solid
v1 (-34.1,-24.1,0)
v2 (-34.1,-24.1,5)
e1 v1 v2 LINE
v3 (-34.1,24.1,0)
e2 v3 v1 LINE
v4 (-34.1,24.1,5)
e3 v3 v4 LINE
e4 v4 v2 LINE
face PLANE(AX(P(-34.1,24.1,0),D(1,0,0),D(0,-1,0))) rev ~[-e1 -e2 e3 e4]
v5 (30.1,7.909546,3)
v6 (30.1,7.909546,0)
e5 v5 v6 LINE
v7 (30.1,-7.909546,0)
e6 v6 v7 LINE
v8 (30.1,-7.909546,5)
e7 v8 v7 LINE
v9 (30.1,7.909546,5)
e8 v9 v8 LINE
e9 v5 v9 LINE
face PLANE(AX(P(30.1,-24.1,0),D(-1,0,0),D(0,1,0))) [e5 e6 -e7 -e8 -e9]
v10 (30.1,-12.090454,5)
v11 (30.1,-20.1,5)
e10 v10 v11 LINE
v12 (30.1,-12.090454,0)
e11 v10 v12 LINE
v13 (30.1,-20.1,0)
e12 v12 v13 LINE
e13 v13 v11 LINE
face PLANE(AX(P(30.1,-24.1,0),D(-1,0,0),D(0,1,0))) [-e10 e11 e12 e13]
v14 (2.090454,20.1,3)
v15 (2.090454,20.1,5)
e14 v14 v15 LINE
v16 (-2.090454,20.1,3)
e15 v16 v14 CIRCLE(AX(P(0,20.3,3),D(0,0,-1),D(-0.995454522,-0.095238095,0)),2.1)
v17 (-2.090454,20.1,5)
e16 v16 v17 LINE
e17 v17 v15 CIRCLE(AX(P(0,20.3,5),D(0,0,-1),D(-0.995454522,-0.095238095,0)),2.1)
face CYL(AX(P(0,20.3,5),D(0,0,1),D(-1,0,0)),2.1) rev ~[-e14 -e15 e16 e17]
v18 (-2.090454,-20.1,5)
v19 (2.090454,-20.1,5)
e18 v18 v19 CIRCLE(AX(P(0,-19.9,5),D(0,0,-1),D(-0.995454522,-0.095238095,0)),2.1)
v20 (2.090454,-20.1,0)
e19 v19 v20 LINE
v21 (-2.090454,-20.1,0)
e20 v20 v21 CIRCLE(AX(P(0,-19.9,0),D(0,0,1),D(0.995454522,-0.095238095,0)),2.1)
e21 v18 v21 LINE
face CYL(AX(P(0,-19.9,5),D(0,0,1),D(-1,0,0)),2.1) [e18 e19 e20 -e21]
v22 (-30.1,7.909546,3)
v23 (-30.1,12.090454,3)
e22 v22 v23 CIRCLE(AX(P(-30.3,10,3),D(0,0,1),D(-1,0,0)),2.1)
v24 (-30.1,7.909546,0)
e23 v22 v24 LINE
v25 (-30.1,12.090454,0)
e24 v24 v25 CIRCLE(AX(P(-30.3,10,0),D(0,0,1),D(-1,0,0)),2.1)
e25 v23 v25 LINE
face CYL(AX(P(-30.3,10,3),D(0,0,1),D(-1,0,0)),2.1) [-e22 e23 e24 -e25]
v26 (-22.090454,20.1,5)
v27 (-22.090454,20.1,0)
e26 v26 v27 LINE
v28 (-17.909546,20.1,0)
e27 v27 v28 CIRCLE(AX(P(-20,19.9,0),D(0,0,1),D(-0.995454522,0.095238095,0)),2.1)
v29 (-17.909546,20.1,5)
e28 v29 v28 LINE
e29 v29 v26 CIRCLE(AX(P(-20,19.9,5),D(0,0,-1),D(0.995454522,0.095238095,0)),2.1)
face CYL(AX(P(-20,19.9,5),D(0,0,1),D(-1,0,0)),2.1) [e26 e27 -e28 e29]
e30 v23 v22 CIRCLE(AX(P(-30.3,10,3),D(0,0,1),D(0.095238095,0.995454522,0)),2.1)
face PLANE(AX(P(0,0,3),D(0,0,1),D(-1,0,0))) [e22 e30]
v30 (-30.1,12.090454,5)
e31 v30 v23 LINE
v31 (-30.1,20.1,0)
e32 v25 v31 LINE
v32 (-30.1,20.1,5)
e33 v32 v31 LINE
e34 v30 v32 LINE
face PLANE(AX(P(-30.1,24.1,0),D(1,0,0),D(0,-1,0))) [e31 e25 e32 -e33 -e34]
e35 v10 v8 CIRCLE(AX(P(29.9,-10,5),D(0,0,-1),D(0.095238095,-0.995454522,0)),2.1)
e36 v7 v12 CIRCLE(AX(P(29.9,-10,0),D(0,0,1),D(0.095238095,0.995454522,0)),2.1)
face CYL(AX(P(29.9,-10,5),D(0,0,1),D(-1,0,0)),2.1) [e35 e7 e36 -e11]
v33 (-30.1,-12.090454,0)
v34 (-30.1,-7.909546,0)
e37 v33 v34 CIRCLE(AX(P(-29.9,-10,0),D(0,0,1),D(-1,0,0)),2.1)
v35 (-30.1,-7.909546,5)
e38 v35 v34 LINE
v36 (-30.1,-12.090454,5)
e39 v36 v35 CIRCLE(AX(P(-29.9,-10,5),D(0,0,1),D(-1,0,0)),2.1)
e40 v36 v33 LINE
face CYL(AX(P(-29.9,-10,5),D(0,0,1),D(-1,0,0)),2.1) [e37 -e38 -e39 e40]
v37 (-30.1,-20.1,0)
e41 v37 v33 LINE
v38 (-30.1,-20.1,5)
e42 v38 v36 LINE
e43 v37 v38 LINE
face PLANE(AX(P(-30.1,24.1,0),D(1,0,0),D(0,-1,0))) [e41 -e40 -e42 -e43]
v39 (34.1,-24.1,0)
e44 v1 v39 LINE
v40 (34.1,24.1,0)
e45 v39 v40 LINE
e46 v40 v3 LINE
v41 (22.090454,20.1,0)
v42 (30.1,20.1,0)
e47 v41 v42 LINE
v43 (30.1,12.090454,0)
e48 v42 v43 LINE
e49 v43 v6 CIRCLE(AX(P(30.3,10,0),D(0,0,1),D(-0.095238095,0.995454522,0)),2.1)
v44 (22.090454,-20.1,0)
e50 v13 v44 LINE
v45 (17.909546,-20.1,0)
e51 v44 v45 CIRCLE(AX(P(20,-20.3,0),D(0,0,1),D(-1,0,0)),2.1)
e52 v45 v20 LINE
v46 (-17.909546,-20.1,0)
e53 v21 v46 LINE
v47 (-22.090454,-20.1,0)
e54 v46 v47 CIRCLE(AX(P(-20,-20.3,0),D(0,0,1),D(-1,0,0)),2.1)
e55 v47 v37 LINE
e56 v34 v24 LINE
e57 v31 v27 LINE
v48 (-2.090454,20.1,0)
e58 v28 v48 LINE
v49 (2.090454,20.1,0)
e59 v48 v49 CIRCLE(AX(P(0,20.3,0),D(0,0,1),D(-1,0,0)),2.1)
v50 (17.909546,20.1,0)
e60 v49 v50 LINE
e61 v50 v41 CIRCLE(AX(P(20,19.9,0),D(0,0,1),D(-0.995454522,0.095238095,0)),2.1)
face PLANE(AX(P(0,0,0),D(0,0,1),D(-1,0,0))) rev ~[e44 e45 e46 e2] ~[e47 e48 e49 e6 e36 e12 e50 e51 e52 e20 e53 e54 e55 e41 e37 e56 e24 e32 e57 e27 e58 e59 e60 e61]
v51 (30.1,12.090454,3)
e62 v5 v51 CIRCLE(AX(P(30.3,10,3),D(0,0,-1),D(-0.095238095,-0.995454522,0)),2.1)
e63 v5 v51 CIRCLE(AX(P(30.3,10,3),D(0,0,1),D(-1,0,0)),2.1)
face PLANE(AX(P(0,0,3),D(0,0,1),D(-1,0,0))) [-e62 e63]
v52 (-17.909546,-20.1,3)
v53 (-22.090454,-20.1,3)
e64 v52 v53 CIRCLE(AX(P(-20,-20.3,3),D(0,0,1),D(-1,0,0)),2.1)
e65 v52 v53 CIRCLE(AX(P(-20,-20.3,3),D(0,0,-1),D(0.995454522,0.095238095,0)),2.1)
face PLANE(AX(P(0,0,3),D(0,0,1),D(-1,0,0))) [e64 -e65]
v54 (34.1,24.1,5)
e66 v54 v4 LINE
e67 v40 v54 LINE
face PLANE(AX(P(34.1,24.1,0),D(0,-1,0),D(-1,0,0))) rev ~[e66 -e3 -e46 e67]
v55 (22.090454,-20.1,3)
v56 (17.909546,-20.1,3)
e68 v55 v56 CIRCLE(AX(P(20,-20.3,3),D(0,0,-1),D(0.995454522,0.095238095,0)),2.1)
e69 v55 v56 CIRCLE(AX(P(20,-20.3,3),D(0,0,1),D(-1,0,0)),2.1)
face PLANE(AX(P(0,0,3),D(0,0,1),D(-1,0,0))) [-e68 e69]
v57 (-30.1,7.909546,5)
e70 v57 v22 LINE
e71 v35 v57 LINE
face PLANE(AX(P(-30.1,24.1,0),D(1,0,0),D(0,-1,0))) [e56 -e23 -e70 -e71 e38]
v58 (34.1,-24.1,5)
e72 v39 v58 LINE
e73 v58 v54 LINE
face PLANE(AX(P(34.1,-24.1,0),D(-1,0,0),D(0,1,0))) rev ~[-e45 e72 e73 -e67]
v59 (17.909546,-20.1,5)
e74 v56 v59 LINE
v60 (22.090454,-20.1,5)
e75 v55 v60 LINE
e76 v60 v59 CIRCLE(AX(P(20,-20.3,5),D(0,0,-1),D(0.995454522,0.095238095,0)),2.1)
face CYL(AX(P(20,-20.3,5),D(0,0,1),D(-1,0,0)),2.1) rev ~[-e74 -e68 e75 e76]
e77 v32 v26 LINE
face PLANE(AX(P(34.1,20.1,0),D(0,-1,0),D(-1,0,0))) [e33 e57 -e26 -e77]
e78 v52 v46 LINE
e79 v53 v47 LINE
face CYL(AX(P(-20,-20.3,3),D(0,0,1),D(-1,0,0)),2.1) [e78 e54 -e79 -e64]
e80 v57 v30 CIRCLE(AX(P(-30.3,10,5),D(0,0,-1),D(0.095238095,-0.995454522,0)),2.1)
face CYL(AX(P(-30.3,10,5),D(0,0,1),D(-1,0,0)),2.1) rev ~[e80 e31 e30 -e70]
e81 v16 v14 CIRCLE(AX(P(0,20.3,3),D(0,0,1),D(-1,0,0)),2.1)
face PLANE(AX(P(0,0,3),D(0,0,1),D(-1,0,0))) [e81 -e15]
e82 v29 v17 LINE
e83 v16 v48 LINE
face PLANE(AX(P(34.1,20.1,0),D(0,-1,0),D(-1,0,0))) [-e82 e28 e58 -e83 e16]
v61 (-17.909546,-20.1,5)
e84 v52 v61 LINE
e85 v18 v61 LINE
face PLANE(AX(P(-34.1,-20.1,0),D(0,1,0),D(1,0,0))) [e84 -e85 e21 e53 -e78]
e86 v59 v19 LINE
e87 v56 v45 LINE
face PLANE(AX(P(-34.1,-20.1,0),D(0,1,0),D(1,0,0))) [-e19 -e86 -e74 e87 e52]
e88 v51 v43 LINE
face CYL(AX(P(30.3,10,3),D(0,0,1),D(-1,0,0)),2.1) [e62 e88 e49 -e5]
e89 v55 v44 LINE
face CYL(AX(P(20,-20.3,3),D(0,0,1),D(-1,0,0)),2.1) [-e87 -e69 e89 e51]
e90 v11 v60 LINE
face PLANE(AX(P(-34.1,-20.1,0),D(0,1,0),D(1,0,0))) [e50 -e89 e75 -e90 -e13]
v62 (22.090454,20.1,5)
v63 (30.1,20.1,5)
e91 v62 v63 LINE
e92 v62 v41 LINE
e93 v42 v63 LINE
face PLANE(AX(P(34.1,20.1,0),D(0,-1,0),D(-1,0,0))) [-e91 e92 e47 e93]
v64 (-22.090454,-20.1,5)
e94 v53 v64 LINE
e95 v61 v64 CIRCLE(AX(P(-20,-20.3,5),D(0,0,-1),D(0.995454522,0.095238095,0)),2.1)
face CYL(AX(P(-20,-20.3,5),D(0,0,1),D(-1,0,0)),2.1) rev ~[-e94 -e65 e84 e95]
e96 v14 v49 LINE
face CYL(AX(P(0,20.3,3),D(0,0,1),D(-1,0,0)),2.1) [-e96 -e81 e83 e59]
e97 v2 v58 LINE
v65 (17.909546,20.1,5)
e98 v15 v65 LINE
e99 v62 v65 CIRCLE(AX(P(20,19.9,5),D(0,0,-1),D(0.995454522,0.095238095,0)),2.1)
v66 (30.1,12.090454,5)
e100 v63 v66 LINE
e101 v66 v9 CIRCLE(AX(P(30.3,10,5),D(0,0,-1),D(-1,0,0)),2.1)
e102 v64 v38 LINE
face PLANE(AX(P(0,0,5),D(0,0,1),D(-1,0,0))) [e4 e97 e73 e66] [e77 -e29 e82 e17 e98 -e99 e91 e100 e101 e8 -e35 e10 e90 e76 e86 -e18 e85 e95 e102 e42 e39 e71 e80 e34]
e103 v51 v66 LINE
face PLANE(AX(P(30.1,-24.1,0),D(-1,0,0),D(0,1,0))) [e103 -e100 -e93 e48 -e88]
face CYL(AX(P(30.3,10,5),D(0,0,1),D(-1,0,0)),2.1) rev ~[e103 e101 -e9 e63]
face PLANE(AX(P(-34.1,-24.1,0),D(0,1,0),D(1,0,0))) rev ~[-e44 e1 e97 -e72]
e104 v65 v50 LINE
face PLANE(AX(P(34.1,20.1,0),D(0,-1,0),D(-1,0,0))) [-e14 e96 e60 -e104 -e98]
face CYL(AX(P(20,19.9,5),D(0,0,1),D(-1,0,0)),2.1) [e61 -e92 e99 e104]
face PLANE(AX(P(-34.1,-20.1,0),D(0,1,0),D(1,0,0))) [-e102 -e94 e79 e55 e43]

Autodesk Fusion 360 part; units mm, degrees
sketch "Sketch2" plane through (0, 0, 0) normal (0, 0, 1) x (-1, 0, 0)
  line L0 (-34, 24) -> (-34, -24)
  line L1 (-34, -24) -> (34, -24)
  line L2 (34, -24) -> (34, 24)
  line L3 (34, 24) -> (-34, 24)
  line L4 (34.1, 24.1) -> (-34.1, 24.1)
  line L5 (-34.1, 24.1) -> (-34.1, -24.1)
  line L6 (-34.1, -24.1) -> (34.1, -24.1)
  line L7 (34.1, -24.1) -> (34.1, 24.1)
  line L8 (34.1, 24.1) -> (-34.1, -24.1) construction
  line L9 (-34.1, 24.1) -> (34.1, -24.1) construction
  dimension "d5" = 68.2
  dimension "d6" = 48.2
extrude "Extrude2" add sketch "Sketch2" along normal blind 5 contours L0 L1 L2 L3 | L4 L5 L6 L7
shell "Shell1" thickness 4 removed faces 2 at (11.3667, 8.0333, 0) at (11.3667, 8.0333, 5)
sketch "pillar sketch" plane through (0, 0, 5) normal (0, 0, 1) x (-1, 0, 0)
  line L0 (30.1, -20.1) -> (-30.1, -20.1)
  line L1 (-30.1, -20.1) -> (-30.1, 20.1)
  line L2 (-30.1, 20.1) -> (30.1, 20.1)
  line L3 (30.1, 20.1) -> (30.1, -20.1)
  line L4 (34.1, -24.1) -> (34.1, 24.1)
  line L5 (34.1, 24.1) -> (-34.1, 24.1)
  line L6 (-34.1, 24.1) -> (-34.1, -24.1)
  line L7 (-34.1, -24.1) -> (34.1, -24.1)
  circle A0 centre (0, 19.9) radius 2.1
  circle A1 centre (29.9, 10) radius 2.1
  circle A2 centre (-29.9, 10) radius 2.1
  circle A3 centre (20, -19.9) radius 2.1
  circle A4 centre (-20, -19.9) radius 2.1
  dimension "d11" = 4.2
  dimension "d15" = 4.2
  dimension "d18" = 4.2
  dimension "d23" = 0.2
  dimension "d24" = 0.2
  dimension "d25" = 0.2
  dimension "d27" = 4.2
  dimension "d28" = 0.2
  dimension "d29" = 10.1
  dimension "d30" = 10.1
  dimension "d31" = 10.1
  dimension "d32" = 4.2
  dimension "d33" = 0.2
  dimension "d34" = 10.1
extrude "Extrude3" add sketch "pillar sketch" against normal blind 5 contours L0 A3 | L3 A1 | L0 A4 | L2 A0 | L1 A2 picked at (20.5146, -19.3943) picked at (29.3788, 9.752) picked at (-19.3838, -19.1714) picked at (0.6581, 19.0774) picked at (-29.3932, 10.2832)
sketch "hollow sketch A" plane through (0, 0, 5) normal (0, 0, 1) x (-1, 0, 0)
  line L0 (30.1, -20.1) -> (22.0905, -20.1)
  arc A0 (22.0905, -20.1) -> (17.9095, -20.1) centre (20, -19.9) ccw
  line L1 (17.9095, -20.1) -> (-17.9095, -20.1)
  arc A1 (-17.9095, -20.1) -> (-22.0905, -20.1) centre (-20, -19.9) ccw
  line L2 (-22.0905, -20.1) -> (-30.1, -20.1)
  line L3 (-30.1, -20.1) -> (-30.1, 7.9095)
  arc A2 (-30.1, 7.9095) -> (-30.1, 12.0905) centre (-29.9, 10) ccw
  line L4 (-30.1, 12.0905) -> (-30.1, 20.1)
  line L5 (-30.1, 20.1) -> (-2.0905, 20.1)
  arc A3 (-2.0905, 20.1) -> (2.0905, 20.1) centre (0, 19.9) ccw
  line L6 (2.0905, 20.1) -> (30.1, 20.1)
  line L7 (30.1, 20.1) -> (30.1, 12.0905)
  arc A4 (30.1, 12.0905) -> (30.1, 7.9095) centre (29.9, 10) ccw
  line L8 (30.1, 7.9095) -> (30.1, -20.1)
  line L9 (34.1, -24.1) -> (34.1, 24.1)
  line L10 (34.1, 24.1) -> (-34.1, 24.1)
  line L11 (-34.1, 24.1) -> (-34.1, -24.1)
  line L12 (-34.1, -24.1) -> (34.1, -24.1)
  circle A5 centre (20, 20.3) radius 2.1
  circle A6 centre (30.3, -10) radius 2.1
  circle A7 centre (-30.3, -10) radius 2.1
  circle A8 centre (0, -20.3) radius 2.1
  circle A9 centre (-20, 20.3) radius 2.1
  dimension "d37" = 4.2
  dimension "d38" = 4.2
  dimension "d39" = 4.2
  dimension "d40" = 4.2
  dimension "d41" = 4.2
  dimension "d42" = 0.2
  dimension "d44" = 0.2
  dimension "d45" = 10.1
  dimension "d46" = 10.1
  dimension "d47" = 10.1
  dimension "d49" = 10.1
  dimension "d51" = 0.2
extrude "Extrude4" add sketch "hollow sketch A" against normal blind 3 from surface at -2 contours L8 A6 | L1 A8 | L6 A5 | L3 A7 | L5 A9 picked at (29.4743, -9.8971) picked at (-0.2209, -19.3952) picked at (20.5114, 18.7272) picked at (-28.7439, -10.2036) picked at (-20.6202, 19.3298)
extrude "Extrude5" cut sketch "hollow sketch A" against normal blind 2 contours L8 A6 | L1 A8 | L1 A8 | L6 A5 | L6 A5 | L3 A7 | L3 A7 | L5 A9 | L5 A9 picked at (30.8398, -9.8081)
equation "d5 = 68 mm + space_error * 2"
equation "d6 = 48 mm + space_error * 2"
equation "error_hollow = 0.2 mm" comment "das wo e ussparig isch, grechnet vom innere rand"
equation "d11 = diam_pillar"
equation "diam_hollow = 4.2 mm" comment "das wo e ussparig isch, dr durchmesser"
equation "error_pillar = 0.2 mm" comment "das wo ine e sühle isch, grechnet vom innere rand"
equation "diam_pillar = 4.2 mm" comment "das wo ine e sühle isch, dr durchmesser"
equation "d15 = diam_pillar"
equation "d18 = diam_pillar"
equation "d23 = error_pillar"
equation "d24 = error_pillar"
equation "d25 = error_pillar"
equation "d27 = diam_pillar"
equation "d28 = error_pillar"
equation "d29 = 10 mm + space_error"
equation "d30 = 10 mm + space_error"
equation "d31 = 10 mm + space_error"
equation "d32 = diam_pillar"
equation "d33 = error_pillar"
equation "d34 = 10 mm + space_error"
equation "d37 = diam_hollow"
equation "d38 = diam_hollow"
equation "d39 = diam_hollow"
equation "d40 = diam_hollow"
equation "d41 = diam_hollow"
equation "d42 = error_hollow"
equation "d44 = error_hollow"
equation "d45 = 10 mm + space_error"
equation "d46 = 10 mm + space_error"
equation "d47 = 10 mm + space_error"
equation "space_error = 0.1 mm"
equation "d49 = 10 mm + space_error"
equation "d50 = -error_hollow"
equation "d51 = error_hollow"
equation "d66 = -error_hollow"
